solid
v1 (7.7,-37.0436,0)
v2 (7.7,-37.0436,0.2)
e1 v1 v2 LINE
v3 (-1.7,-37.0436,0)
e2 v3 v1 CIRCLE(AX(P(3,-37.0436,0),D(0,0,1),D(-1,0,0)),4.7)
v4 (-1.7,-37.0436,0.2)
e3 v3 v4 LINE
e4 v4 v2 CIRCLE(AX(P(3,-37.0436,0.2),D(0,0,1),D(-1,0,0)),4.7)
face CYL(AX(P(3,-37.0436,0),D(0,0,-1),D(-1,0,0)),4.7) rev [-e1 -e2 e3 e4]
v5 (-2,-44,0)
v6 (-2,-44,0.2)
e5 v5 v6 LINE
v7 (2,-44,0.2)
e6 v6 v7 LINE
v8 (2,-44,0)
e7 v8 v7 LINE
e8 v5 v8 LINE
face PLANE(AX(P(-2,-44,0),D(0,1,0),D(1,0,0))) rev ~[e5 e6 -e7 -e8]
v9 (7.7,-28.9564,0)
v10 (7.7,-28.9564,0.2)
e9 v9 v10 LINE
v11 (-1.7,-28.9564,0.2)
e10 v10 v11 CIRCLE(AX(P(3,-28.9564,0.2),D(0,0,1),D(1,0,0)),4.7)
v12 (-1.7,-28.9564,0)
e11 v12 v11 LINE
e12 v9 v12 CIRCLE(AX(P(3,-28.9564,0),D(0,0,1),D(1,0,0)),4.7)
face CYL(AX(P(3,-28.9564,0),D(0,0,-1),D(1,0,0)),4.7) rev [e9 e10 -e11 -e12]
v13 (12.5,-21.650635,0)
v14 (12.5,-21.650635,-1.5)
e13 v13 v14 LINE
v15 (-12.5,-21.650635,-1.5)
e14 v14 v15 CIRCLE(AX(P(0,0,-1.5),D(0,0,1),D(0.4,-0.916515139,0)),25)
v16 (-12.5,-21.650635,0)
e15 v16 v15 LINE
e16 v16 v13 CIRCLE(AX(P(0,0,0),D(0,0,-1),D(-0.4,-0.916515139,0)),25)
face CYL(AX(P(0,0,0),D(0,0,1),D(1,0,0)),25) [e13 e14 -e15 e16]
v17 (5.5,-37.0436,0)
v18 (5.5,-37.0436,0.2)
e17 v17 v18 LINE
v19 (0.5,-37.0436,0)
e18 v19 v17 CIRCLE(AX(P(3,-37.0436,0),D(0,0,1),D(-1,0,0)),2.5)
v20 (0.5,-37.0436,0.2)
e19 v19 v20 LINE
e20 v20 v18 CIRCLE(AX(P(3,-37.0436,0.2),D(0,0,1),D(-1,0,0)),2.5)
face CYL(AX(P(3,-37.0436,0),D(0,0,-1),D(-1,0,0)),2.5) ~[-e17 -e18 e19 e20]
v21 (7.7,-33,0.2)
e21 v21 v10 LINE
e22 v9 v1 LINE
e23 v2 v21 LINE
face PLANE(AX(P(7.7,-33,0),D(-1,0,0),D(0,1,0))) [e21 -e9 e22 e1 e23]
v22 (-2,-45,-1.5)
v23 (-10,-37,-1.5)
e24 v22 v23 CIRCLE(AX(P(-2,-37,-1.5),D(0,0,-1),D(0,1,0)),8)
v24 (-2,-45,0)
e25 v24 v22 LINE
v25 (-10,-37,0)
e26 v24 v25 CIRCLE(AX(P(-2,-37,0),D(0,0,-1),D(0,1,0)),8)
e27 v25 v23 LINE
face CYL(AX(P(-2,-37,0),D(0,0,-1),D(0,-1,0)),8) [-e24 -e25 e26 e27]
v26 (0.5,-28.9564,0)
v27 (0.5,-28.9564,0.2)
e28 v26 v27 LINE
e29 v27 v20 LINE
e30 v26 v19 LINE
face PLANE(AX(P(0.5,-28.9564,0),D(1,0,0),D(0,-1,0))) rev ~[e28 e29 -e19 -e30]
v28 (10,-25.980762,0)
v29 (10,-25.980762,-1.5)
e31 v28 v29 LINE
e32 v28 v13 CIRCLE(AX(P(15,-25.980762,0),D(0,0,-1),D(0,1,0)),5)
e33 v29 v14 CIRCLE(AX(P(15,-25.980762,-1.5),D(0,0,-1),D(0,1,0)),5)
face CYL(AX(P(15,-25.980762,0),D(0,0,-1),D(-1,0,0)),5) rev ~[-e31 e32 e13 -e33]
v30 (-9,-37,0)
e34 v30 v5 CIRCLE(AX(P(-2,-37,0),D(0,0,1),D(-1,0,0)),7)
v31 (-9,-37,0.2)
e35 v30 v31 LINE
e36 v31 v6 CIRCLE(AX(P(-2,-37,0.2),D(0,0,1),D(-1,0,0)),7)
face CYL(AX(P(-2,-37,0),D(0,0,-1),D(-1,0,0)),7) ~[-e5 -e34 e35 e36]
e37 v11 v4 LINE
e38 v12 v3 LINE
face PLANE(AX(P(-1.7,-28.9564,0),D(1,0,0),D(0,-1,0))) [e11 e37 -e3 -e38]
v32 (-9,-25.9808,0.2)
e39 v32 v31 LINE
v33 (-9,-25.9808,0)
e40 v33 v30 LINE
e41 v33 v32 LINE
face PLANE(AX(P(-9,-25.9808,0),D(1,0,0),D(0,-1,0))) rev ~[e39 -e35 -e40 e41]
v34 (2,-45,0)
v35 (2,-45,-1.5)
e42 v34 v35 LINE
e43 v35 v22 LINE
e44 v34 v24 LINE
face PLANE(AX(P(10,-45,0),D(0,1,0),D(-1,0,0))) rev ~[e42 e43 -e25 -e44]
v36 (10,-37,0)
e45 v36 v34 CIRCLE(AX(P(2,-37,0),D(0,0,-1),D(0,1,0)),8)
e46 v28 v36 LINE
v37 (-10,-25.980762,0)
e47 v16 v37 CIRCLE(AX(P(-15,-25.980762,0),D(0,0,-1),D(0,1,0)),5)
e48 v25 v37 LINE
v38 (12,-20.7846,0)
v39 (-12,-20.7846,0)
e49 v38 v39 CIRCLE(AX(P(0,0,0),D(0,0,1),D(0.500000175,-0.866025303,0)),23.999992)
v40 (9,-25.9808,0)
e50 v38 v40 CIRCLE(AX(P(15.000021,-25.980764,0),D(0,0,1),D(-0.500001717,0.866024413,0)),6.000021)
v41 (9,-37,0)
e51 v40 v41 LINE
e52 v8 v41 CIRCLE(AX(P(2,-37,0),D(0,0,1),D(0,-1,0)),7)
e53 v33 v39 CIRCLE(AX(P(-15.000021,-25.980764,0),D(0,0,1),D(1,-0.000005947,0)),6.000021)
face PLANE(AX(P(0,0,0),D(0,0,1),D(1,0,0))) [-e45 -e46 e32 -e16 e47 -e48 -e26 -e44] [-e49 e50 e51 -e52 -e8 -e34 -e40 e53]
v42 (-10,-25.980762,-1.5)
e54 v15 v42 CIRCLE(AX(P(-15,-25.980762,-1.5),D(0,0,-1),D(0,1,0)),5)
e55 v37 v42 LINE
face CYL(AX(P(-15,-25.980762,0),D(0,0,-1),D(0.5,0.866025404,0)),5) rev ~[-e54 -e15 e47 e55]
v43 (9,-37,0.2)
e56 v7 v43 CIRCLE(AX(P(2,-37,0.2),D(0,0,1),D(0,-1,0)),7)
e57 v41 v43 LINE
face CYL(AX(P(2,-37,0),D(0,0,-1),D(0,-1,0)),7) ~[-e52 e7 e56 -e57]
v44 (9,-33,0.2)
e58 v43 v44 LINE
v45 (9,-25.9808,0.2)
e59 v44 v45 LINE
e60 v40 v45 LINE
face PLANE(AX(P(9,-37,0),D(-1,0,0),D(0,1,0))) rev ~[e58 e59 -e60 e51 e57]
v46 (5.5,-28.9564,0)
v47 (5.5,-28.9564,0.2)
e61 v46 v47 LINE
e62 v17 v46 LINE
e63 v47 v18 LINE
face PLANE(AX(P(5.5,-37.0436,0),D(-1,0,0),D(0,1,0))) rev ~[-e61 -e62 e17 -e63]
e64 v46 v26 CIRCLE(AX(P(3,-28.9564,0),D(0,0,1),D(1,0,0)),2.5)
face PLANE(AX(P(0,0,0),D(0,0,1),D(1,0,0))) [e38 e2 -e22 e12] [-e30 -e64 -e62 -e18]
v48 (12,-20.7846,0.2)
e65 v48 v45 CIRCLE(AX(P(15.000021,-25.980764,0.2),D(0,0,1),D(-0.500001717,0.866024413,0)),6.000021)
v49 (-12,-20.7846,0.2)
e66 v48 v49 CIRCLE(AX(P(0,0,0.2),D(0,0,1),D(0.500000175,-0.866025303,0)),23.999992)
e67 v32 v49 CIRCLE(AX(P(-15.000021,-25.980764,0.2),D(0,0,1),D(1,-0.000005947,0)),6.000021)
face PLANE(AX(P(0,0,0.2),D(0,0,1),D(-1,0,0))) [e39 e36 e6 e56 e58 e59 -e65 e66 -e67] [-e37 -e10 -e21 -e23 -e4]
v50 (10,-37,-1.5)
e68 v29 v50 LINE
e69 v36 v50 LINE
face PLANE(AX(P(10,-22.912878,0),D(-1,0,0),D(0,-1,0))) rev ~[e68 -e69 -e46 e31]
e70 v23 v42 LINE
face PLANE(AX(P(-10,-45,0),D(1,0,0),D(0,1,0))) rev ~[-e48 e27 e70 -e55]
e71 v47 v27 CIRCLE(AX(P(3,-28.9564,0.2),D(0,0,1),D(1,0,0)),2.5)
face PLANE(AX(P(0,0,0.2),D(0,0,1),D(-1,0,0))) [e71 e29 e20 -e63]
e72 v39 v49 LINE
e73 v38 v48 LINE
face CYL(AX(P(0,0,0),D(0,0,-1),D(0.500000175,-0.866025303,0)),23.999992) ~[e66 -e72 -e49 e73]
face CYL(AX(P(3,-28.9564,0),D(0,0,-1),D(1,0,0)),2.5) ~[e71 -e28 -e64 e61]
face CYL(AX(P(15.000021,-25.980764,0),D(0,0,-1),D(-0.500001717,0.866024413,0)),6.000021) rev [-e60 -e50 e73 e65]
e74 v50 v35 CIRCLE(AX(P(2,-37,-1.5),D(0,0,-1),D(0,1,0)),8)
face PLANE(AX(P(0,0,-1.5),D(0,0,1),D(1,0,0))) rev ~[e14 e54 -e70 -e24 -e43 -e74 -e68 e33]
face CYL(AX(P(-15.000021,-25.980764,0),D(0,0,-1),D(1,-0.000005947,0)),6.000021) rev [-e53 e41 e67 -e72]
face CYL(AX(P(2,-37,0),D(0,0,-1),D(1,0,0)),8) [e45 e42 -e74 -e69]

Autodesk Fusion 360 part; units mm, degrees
sketch "Sketch1" plane through (0, 0, 0) normal (0, 0, 1) x (1, 0, 0)
  circle A0 centre (0, 0) radius 25
  line L0 (10, -45) -> (-10, -45)
  line L1 (-10, -45) -> (-10, 45)
  line L2 (-10, 45) -> (10, 45)
  line L3 (10, 45) -> (10, -45)
  line L4 (10, -45) -> (-10, 45) construction
  line L5 (-10, -45) -> (10, 45) construction
  dimension "d1" = 50
  dimension "d2" = 90
  dimension "d3" = 20
extrude "Extrude1" add sketch "Sketch1" against normal blind 1.5 contours A0 L3 | A0 L1 L3 | A0 L0 L1 L3 | A0 L1
fillet "Fillet1" radius 8 2 edges at (-10, -45, -0.75) (10, -45, -0.75)
fillet "Fillet2" radius 5 2 edges at (-10, -22.9129, -0.75) (10, -22.9129, -0.75)
sketch "Sketch2" plane through (0, 0, 0) normal (0, 0, 1) x (-1, 0, 0)
  line L0 (-10, 37) -> (-10, 25.9808)
  arc A0 (-12.5, 21.6506) -> (12.5, 21.6506) centre (0, 0) ccw
  line L1 (10, 25.9808) -> (10, 37)
  line L2 (2, 45) -> (-2, 45)
  line L3 (-10, 33) -> (-3, 33)
  line L4 (-0.5, 28.9564) -> (-0.5, 37.0436)
  arc A1 (-0.5, 37.0436) -> (-5.5, 37.0436) centre (-3, 37.0436) ccw
  line L5 (-5.5, 37.0436) -> (-5.5, 28.9564)
  arc A2 (-5.5, 28.9564) -> (-0.5, 28.9564) centre (-3, 28.9564) ccw
  line L6 (-3, 28.9564) -> (-3, 37.0436) construction
  line L7 (1.7, 28.9564) -> (1.7, 37.0436)
  arc A3 (1.7, 37.0436) -> (-7.7, 37.0436) centre (-3, 37.0436) ccw
  line L8 (-7.7, 37.0436) -> (-7.7, 28.9564)
  arc A4 (-7.7, 28.9564) -> (1.7, 28.9564) centre (-3, 28.9564) ccw
  arc A5 (-2, 45) -> (-10, 37) centre (-2, 37) ccw
  arc A6 (-12.5, 21.6506) -> (-10, 25.9808) centre (-15, 25.9808) ccw
  arc A7 (10, 25.9808) -> (12.5, 21.6506) centre (15, 25.9808) ccw
  arc A8 (10, 37) -> (2, 45) centre (2, 37) ccw
  line L9 (-9, 37) -> (-9, 25.9808)
  arc A9 (-12, 20.7846) -> (-9, 25.9808) centre (-15, 25.9808) ccw
  arc A10 (-12, 20.7846) -> (12, 20.7846) centre (0, 0) ccw
  arc A11 (9, 25.9808) -> (12, 20.7846) centre (15, 25.9808) ccw
  line L10 (9, 25.9808) -> (9, 37)
  arc A12 (9, 37) -> (2, 44) centre (2, 37) ccw
  line L11 (2, 44) -> (-2, 44)
  arc A13 (-2, 44) -> (-9, 37) centre (-2, 37) ccw
  point P0 (-3, 33)
  dimension "d6" = 7
  dimension "d7" = 5
  dimension "d8" = 2.2
  dimension "d14" = 1
extrude "Extrude2" add sketch "Sketch2" along normal blind 0.2 contours L4 A1 L5 A2 | L9 A9 A10 A11 L10 A12 L11 A13
